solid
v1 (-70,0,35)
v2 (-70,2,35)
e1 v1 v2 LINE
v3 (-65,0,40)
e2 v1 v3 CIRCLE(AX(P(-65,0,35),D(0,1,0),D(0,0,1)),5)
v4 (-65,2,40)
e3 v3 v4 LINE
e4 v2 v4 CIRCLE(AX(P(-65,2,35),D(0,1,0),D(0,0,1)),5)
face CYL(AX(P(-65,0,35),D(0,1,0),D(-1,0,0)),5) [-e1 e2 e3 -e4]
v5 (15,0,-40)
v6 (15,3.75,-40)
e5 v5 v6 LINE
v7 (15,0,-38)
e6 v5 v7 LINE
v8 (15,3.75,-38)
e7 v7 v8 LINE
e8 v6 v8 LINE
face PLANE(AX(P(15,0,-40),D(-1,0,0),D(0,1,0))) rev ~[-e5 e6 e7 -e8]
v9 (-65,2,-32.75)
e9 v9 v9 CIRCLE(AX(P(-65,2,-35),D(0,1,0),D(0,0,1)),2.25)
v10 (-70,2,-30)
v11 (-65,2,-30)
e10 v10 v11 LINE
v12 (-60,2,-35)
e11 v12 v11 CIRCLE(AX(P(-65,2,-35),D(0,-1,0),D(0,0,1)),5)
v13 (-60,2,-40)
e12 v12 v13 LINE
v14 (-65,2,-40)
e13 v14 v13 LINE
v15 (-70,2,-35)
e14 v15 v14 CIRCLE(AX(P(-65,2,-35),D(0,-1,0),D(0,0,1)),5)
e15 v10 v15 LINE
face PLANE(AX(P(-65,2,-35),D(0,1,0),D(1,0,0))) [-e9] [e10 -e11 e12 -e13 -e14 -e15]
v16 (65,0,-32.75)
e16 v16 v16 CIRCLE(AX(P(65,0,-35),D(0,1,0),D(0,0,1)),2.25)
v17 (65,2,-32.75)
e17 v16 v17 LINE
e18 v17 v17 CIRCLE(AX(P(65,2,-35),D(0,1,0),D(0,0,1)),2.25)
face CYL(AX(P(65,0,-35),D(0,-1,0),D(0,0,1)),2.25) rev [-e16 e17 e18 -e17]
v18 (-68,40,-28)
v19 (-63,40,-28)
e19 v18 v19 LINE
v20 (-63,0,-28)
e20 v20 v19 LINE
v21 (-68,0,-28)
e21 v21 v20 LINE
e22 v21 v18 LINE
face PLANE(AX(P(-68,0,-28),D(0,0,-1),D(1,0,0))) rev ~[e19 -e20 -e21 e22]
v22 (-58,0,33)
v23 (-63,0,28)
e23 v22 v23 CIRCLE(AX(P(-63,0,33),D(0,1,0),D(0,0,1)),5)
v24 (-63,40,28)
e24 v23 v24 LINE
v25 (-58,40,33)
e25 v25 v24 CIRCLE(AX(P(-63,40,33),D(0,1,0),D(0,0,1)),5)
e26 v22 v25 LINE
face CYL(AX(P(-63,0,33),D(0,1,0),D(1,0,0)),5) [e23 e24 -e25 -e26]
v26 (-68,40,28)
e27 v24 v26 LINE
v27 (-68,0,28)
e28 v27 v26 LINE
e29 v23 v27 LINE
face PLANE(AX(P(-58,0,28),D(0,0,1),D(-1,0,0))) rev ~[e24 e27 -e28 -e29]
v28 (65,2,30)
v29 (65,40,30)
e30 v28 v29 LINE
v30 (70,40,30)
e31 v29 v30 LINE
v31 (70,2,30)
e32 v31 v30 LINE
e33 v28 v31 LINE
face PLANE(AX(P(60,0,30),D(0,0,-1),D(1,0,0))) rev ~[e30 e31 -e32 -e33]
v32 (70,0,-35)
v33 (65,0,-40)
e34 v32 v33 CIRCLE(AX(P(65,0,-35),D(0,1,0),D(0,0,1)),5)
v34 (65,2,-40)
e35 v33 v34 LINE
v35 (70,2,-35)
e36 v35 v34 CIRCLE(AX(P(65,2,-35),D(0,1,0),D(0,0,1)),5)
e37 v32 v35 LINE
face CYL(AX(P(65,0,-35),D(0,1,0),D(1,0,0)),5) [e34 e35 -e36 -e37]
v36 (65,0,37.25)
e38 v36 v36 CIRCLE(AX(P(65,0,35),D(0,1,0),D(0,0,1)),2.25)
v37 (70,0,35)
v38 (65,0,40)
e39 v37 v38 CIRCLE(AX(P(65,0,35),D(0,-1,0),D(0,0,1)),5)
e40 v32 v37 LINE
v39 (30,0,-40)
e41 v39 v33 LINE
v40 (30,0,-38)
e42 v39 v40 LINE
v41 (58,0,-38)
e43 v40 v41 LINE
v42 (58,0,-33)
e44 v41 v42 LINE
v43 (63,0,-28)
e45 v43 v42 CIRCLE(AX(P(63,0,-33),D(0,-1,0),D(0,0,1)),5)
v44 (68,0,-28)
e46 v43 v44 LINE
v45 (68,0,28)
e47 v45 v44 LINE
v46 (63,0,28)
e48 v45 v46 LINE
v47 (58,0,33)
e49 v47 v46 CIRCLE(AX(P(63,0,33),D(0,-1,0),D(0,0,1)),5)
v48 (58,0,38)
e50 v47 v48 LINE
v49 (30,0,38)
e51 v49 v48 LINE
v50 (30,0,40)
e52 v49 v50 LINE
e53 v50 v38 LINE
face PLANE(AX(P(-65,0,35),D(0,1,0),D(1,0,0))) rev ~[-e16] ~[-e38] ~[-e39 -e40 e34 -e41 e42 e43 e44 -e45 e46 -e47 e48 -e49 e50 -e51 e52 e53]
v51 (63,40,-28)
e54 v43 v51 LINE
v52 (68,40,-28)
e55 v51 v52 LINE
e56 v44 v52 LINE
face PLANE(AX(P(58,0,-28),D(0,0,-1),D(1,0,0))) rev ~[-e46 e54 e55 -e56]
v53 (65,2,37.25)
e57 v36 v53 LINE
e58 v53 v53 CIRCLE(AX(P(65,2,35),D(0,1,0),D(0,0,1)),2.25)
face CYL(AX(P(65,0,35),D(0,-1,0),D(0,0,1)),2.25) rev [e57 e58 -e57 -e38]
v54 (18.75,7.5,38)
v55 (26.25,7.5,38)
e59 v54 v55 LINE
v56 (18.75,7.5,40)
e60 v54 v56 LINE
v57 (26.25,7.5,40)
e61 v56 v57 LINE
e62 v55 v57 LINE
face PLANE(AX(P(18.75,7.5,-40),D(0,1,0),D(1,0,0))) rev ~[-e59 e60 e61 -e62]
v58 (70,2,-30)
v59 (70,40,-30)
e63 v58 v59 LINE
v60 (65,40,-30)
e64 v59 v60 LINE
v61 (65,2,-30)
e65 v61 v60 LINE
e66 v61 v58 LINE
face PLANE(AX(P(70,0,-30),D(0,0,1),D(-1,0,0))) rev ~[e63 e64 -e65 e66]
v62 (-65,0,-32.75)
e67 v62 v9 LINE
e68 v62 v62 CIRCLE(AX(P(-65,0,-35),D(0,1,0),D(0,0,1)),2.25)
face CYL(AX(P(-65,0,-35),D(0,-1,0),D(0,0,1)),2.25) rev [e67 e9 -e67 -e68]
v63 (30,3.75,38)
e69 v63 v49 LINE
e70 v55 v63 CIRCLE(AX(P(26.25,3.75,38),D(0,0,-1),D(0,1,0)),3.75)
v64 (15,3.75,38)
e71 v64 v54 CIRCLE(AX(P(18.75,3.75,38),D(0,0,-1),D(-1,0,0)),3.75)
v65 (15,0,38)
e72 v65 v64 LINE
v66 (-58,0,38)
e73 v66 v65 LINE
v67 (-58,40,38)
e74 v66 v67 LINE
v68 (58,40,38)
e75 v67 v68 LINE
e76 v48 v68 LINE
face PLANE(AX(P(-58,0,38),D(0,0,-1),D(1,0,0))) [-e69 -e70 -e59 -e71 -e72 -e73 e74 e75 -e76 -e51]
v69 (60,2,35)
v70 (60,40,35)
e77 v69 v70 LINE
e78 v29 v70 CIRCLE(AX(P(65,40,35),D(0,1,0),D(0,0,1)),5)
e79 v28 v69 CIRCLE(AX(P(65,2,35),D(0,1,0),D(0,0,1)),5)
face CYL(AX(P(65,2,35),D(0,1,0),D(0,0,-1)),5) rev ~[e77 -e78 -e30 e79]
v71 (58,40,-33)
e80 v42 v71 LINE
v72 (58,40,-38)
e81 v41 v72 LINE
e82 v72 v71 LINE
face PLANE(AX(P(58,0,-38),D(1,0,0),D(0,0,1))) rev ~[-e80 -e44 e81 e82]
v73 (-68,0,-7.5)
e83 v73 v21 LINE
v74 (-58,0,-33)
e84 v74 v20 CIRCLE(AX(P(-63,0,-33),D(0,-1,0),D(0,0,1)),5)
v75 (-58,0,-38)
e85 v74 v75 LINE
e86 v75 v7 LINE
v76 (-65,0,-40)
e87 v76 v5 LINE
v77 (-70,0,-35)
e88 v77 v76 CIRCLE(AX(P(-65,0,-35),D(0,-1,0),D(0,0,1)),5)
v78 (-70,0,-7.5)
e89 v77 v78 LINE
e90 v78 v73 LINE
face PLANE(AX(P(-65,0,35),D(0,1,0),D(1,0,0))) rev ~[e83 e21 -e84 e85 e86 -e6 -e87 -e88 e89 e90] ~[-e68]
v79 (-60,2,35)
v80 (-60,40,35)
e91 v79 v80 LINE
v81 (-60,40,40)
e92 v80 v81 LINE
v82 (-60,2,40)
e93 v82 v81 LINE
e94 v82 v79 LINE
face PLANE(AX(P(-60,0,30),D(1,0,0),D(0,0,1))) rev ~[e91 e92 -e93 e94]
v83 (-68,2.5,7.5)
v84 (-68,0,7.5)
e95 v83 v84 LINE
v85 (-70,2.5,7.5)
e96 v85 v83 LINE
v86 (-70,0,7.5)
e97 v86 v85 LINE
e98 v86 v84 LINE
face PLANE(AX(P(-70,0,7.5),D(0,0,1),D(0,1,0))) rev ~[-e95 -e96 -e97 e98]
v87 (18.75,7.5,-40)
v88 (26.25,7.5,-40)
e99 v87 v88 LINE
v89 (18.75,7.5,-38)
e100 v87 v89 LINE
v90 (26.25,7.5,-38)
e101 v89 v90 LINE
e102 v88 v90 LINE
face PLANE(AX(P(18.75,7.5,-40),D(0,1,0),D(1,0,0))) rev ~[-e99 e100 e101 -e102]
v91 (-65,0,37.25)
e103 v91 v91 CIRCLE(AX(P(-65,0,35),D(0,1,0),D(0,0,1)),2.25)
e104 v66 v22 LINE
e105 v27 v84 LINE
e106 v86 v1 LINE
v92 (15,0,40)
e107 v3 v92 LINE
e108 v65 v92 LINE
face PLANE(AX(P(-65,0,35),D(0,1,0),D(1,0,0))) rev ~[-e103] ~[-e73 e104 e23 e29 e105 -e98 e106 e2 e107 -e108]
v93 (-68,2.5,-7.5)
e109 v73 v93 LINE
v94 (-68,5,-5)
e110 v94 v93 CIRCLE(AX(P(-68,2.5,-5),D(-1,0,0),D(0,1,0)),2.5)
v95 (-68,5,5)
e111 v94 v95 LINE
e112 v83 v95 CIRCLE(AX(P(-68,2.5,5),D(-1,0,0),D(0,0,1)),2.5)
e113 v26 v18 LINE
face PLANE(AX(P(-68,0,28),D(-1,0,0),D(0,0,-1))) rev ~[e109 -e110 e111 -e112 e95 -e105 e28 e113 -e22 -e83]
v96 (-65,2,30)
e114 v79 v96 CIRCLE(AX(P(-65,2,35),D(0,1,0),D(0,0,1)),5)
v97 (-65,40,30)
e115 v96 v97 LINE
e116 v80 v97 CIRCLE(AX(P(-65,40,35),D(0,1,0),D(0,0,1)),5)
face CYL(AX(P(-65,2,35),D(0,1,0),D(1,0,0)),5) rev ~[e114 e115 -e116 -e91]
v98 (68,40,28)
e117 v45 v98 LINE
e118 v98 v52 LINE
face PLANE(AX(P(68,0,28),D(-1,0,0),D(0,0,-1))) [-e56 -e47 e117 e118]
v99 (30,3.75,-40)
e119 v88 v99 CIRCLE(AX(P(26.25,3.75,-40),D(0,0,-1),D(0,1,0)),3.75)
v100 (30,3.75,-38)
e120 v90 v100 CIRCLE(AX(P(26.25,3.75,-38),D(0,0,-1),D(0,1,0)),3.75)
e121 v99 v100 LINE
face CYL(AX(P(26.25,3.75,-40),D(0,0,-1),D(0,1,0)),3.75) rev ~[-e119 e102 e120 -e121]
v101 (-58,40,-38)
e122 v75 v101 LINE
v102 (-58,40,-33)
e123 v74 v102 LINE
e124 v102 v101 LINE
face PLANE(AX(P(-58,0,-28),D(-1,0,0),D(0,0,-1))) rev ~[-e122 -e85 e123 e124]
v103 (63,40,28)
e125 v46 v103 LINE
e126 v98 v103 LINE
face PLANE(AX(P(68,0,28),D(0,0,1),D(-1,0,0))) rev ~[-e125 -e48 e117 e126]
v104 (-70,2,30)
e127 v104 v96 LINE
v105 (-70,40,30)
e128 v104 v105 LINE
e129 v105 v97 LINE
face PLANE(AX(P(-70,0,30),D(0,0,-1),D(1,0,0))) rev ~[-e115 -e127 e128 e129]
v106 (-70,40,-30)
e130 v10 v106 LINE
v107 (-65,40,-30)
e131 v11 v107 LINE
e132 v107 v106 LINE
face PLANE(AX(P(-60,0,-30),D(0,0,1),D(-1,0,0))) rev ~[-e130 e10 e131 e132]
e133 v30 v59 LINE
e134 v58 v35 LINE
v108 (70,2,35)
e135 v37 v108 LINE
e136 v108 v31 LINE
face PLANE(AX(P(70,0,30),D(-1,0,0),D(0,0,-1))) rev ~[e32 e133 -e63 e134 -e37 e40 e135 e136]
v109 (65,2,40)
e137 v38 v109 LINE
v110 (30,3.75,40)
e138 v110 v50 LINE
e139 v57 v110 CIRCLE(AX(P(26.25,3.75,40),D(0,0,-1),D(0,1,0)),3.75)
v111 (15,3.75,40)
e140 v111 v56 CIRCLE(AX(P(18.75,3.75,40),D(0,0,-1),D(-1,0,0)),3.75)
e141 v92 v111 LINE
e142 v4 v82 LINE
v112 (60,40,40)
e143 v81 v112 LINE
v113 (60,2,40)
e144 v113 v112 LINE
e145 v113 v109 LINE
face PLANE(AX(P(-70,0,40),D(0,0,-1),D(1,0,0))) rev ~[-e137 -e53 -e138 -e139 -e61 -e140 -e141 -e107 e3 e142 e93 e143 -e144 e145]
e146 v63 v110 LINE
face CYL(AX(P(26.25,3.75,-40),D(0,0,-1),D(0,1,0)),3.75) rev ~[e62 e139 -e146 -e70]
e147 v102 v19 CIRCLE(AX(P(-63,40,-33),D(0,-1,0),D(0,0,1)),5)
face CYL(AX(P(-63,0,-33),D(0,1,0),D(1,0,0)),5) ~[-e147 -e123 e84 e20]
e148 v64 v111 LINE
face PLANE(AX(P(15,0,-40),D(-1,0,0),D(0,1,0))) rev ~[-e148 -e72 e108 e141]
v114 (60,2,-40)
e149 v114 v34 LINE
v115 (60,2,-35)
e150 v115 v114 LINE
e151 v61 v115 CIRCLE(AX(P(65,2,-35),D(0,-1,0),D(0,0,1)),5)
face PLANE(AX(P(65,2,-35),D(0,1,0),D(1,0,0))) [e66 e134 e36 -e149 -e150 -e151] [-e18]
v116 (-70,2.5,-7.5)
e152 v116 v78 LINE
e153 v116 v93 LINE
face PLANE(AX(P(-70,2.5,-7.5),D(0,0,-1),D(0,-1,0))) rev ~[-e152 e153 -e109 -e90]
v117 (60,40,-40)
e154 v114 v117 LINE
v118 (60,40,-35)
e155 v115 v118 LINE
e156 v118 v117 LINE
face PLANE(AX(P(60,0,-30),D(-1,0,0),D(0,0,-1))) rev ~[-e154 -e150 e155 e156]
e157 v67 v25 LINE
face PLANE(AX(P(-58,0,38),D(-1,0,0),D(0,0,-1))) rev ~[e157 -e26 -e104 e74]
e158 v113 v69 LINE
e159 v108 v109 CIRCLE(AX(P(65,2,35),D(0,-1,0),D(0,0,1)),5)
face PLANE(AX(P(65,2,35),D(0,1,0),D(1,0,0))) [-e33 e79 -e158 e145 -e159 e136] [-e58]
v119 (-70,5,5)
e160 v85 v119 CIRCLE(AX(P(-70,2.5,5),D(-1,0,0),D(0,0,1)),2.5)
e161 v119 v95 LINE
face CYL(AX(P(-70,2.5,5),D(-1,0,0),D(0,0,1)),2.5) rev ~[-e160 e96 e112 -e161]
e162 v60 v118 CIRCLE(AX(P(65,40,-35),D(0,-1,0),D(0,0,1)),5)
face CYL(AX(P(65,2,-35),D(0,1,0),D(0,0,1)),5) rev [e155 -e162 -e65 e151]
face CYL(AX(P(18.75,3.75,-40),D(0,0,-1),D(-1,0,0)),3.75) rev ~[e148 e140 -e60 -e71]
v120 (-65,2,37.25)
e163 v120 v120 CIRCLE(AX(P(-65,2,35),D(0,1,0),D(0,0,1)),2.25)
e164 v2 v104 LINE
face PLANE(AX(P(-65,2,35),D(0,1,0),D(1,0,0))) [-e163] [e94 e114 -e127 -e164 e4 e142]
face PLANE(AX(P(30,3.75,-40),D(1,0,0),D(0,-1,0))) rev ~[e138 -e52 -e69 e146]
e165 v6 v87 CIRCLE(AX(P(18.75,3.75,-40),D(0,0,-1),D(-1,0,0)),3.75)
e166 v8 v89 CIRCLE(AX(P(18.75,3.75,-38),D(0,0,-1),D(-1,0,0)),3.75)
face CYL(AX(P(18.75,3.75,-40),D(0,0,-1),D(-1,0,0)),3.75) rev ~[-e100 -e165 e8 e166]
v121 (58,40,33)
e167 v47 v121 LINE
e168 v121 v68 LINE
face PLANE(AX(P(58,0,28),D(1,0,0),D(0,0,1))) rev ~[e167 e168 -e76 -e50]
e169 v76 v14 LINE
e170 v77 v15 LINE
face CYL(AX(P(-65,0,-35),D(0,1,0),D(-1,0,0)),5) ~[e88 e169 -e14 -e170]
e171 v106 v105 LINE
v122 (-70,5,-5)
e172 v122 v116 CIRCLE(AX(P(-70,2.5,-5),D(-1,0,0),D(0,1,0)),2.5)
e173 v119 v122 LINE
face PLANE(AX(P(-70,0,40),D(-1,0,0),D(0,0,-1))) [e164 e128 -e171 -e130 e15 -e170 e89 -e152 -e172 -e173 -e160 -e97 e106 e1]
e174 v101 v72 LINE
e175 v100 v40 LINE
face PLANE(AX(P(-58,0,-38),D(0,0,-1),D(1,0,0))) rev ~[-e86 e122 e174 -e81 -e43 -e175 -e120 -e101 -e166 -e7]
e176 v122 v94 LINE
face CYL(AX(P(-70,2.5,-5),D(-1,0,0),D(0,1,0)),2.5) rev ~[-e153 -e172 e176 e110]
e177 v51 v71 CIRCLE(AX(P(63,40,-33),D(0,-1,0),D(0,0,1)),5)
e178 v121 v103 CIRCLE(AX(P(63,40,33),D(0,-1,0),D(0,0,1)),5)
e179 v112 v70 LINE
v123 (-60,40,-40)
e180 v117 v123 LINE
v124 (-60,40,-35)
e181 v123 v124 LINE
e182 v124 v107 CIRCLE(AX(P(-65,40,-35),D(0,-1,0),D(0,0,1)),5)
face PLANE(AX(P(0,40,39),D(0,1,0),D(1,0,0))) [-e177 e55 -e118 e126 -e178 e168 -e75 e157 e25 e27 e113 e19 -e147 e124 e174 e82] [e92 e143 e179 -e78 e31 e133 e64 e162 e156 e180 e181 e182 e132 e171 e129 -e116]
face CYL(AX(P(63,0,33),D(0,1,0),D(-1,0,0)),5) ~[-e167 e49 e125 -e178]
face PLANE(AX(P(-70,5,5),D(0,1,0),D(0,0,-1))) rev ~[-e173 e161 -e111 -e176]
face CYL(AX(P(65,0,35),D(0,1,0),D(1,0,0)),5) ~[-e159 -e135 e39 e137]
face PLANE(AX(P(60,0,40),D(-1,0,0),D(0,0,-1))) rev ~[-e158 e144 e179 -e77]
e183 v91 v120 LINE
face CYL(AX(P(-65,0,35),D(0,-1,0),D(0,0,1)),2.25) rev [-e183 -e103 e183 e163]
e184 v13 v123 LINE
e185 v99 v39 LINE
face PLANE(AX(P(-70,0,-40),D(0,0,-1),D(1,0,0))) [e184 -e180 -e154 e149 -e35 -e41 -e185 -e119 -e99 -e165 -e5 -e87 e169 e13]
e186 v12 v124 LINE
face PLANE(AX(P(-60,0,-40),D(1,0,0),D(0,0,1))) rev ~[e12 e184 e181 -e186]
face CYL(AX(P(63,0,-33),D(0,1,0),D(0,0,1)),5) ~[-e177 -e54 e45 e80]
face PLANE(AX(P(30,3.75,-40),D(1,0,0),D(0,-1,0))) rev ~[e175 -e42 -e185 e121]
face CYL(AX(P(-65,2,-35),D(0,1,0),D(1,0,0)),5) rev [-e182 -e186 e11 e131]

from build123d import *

# Parameters (mm, degrees)
BOSS_EXTRUDE6_DEPTH = 40
SKETCH1_7_W         = 10
SKETCH1_7_H         = 10
SKETCH1_7_R         = 2.25
BOSS_EXTRUDE7_DEPTH = 2
FILLET1_R           = 5
CUT_EXTRUDE1_DEPTH  = 114.578166916
CUT_EXTRUDE2_REACH  = 152.997


with BuildPart() as part:
    # Sketch1 → Boss-Extrude6 (new body)
    with BuildSketch(Plane(origin=(0, 0, 0), x_dir=(1, 0, 0), z_dir=(0, 1, 0))):
        Polygon((70, 30), (60, 30), (60, 40), (-60, 40), (-60, 30), (-70, 30), (-70, -30), (-60, -30), (-60, -40), (60, -40), (60, -30), (70, -30), align=None)
        Polygon((58, 28), (68, 28), (68, -28), (58, -28), (58, -38), (-58, -38), (-58, -28), (-68, -28), (-68, 28), (-58, 28), (-58, 38), (58, 38), align=None, mode=Mode.SUBTRACT)
    extrude(amount=BOSS_EXTRUDE6_DEPTH)

    # Sketch1<7> → Boss-Extrude7 (add)
    # profile 1 of 4: a face of its own
    with BuildSketch(Plane(origin=(0, 0, 0), x_dir=(1, 0, 0), z_dir=(0, 1, 0))):
        with Locations((65, 35)):
            Rectangle(SKETCH1_7_W, SKETCH1_7_H)
        with Locations((65, 35)):
            Circle(SKETCH1_7_R, mode=Mode.SUBTRACT)
    # profile 2 of 4: a face of its own
    with BuildSketch(Plane(origin=(0, 0, 0), x_dir=(1, 0, 0), z_dir=(0, 1, 0))):
        with Locations((65, -35)):
            Rectangle(SKETCH1_7_W, SKETCH1_7_H)
        with Locations((65, -35)):
            Circle(SKETCH1_7_R, mode=Mode.SUBTRACT)
    # profile 3 of 4: a face of its own
    with BuildSketch(Plane(origin=(0, 0, 0), x_dir=(1, 0, 0), z_dir=(0, 1, 0))):
        with Locations((-65, 35)):
            Rectangle(SKETCH1_7_W, SKETCH1_7_H)
        with Locations((-65, 35)):
            Circle(SKETCH1_7_R, mode=Mode.SUBTRACT)
    # profile 4 of 4: a face of its own
    with BuildSketch(Plane(origin=(0, 0, 0), x_dir=(1, 0, 0), z_dir=(0, 1, 0))):
        with Locations((-65, -35)):
            Rectangle(SKETCH1_7_W, SKETCH1_7_H)
        with Locations((-65, -35)):
            Circle(SKETCH1_7_R, mode=Mode.SUBTRACT)
    extrude(amount=BOSS_EXTRUDE7_DEPTH)

    # Fillet1
    fillet1_edges = [part.edges().sort_by_distance(p)[0] for p in [
        (-70, 1, 40),
        (-70, 1, -40),
        (70, 1, -40),
        (70, 1, 40),
        (-60, 21, 30),
        (60, 21, 30),
        (58, 20, 28),
        (58, 20, -28),
        (60, 21, -30),
        (-58, 20, 28),
        (-58, 20, -28),
        (-60, 21, -30),
    ]]
    fillet(fillet1_edges, radius=FILLET1_R)

    # Sketch2 → Cut-Extrude1 (cut, through all)
    with BuildSketch(Plane(origin=(0, 0, -40), x_dir=(-1, 0, 0), z_dir=(0, 0, -1))):
        with BuildLine():
            Line((-30, 0), (-15, 0))
            Line((-15, 0), (-15, 3.75))
            ThreePointArc((-15, 3.75), (-16.098349571, 6.401650429), (-18.75, 7.5))
            Line((-18.75, 7.5), (-26.25, 7.5))
            ThreePointArc((-26.25, 7.5), (-28.901650429, 6.401650429), (-30, 3.75))
            Line((-30, 3.75), (-30, 0))
        make_face()
    extrude(amount=-CUT_EXTRUDE1_DEPTH, mode=Mode.SUBTRACT)

    # Sketch3 → Cut-Extrude2 (cut, up to next)
    with BuildSketch(Plane.ZY.offset(70), mode=Mode.PRIVATE) as cut_extrude2_sk1:
        with BuildLine():
            Line((-7.5, 0), (7.5, 0))
            Line((7.5, 0), (7.5, 2.5))
            ThreePointArc((7.5, 2.5), (6.767766953, 4.267766953), (5, 5))
            Line((5, 5), (-5, 5))
            ThreePointArc((-5, 5), (-6.767766953, 4.267766953), (-7.5, 2.5))
            Line((-7.5, 2.5), (-7.5, 0))
        make_face()
    cut_extrude2_tool1 = extrude(cut_extrude2_sk1.sketch, amount=-CUT_EXTRUDE2_REACH, mode=Mode.PRIVATE) & part.part
    add(cut_extrude2_tool1.solids().sort_by_distance((-70, 2.42798, 0))[0], mode=Mode.SUBTRACT)


solid = part.part
